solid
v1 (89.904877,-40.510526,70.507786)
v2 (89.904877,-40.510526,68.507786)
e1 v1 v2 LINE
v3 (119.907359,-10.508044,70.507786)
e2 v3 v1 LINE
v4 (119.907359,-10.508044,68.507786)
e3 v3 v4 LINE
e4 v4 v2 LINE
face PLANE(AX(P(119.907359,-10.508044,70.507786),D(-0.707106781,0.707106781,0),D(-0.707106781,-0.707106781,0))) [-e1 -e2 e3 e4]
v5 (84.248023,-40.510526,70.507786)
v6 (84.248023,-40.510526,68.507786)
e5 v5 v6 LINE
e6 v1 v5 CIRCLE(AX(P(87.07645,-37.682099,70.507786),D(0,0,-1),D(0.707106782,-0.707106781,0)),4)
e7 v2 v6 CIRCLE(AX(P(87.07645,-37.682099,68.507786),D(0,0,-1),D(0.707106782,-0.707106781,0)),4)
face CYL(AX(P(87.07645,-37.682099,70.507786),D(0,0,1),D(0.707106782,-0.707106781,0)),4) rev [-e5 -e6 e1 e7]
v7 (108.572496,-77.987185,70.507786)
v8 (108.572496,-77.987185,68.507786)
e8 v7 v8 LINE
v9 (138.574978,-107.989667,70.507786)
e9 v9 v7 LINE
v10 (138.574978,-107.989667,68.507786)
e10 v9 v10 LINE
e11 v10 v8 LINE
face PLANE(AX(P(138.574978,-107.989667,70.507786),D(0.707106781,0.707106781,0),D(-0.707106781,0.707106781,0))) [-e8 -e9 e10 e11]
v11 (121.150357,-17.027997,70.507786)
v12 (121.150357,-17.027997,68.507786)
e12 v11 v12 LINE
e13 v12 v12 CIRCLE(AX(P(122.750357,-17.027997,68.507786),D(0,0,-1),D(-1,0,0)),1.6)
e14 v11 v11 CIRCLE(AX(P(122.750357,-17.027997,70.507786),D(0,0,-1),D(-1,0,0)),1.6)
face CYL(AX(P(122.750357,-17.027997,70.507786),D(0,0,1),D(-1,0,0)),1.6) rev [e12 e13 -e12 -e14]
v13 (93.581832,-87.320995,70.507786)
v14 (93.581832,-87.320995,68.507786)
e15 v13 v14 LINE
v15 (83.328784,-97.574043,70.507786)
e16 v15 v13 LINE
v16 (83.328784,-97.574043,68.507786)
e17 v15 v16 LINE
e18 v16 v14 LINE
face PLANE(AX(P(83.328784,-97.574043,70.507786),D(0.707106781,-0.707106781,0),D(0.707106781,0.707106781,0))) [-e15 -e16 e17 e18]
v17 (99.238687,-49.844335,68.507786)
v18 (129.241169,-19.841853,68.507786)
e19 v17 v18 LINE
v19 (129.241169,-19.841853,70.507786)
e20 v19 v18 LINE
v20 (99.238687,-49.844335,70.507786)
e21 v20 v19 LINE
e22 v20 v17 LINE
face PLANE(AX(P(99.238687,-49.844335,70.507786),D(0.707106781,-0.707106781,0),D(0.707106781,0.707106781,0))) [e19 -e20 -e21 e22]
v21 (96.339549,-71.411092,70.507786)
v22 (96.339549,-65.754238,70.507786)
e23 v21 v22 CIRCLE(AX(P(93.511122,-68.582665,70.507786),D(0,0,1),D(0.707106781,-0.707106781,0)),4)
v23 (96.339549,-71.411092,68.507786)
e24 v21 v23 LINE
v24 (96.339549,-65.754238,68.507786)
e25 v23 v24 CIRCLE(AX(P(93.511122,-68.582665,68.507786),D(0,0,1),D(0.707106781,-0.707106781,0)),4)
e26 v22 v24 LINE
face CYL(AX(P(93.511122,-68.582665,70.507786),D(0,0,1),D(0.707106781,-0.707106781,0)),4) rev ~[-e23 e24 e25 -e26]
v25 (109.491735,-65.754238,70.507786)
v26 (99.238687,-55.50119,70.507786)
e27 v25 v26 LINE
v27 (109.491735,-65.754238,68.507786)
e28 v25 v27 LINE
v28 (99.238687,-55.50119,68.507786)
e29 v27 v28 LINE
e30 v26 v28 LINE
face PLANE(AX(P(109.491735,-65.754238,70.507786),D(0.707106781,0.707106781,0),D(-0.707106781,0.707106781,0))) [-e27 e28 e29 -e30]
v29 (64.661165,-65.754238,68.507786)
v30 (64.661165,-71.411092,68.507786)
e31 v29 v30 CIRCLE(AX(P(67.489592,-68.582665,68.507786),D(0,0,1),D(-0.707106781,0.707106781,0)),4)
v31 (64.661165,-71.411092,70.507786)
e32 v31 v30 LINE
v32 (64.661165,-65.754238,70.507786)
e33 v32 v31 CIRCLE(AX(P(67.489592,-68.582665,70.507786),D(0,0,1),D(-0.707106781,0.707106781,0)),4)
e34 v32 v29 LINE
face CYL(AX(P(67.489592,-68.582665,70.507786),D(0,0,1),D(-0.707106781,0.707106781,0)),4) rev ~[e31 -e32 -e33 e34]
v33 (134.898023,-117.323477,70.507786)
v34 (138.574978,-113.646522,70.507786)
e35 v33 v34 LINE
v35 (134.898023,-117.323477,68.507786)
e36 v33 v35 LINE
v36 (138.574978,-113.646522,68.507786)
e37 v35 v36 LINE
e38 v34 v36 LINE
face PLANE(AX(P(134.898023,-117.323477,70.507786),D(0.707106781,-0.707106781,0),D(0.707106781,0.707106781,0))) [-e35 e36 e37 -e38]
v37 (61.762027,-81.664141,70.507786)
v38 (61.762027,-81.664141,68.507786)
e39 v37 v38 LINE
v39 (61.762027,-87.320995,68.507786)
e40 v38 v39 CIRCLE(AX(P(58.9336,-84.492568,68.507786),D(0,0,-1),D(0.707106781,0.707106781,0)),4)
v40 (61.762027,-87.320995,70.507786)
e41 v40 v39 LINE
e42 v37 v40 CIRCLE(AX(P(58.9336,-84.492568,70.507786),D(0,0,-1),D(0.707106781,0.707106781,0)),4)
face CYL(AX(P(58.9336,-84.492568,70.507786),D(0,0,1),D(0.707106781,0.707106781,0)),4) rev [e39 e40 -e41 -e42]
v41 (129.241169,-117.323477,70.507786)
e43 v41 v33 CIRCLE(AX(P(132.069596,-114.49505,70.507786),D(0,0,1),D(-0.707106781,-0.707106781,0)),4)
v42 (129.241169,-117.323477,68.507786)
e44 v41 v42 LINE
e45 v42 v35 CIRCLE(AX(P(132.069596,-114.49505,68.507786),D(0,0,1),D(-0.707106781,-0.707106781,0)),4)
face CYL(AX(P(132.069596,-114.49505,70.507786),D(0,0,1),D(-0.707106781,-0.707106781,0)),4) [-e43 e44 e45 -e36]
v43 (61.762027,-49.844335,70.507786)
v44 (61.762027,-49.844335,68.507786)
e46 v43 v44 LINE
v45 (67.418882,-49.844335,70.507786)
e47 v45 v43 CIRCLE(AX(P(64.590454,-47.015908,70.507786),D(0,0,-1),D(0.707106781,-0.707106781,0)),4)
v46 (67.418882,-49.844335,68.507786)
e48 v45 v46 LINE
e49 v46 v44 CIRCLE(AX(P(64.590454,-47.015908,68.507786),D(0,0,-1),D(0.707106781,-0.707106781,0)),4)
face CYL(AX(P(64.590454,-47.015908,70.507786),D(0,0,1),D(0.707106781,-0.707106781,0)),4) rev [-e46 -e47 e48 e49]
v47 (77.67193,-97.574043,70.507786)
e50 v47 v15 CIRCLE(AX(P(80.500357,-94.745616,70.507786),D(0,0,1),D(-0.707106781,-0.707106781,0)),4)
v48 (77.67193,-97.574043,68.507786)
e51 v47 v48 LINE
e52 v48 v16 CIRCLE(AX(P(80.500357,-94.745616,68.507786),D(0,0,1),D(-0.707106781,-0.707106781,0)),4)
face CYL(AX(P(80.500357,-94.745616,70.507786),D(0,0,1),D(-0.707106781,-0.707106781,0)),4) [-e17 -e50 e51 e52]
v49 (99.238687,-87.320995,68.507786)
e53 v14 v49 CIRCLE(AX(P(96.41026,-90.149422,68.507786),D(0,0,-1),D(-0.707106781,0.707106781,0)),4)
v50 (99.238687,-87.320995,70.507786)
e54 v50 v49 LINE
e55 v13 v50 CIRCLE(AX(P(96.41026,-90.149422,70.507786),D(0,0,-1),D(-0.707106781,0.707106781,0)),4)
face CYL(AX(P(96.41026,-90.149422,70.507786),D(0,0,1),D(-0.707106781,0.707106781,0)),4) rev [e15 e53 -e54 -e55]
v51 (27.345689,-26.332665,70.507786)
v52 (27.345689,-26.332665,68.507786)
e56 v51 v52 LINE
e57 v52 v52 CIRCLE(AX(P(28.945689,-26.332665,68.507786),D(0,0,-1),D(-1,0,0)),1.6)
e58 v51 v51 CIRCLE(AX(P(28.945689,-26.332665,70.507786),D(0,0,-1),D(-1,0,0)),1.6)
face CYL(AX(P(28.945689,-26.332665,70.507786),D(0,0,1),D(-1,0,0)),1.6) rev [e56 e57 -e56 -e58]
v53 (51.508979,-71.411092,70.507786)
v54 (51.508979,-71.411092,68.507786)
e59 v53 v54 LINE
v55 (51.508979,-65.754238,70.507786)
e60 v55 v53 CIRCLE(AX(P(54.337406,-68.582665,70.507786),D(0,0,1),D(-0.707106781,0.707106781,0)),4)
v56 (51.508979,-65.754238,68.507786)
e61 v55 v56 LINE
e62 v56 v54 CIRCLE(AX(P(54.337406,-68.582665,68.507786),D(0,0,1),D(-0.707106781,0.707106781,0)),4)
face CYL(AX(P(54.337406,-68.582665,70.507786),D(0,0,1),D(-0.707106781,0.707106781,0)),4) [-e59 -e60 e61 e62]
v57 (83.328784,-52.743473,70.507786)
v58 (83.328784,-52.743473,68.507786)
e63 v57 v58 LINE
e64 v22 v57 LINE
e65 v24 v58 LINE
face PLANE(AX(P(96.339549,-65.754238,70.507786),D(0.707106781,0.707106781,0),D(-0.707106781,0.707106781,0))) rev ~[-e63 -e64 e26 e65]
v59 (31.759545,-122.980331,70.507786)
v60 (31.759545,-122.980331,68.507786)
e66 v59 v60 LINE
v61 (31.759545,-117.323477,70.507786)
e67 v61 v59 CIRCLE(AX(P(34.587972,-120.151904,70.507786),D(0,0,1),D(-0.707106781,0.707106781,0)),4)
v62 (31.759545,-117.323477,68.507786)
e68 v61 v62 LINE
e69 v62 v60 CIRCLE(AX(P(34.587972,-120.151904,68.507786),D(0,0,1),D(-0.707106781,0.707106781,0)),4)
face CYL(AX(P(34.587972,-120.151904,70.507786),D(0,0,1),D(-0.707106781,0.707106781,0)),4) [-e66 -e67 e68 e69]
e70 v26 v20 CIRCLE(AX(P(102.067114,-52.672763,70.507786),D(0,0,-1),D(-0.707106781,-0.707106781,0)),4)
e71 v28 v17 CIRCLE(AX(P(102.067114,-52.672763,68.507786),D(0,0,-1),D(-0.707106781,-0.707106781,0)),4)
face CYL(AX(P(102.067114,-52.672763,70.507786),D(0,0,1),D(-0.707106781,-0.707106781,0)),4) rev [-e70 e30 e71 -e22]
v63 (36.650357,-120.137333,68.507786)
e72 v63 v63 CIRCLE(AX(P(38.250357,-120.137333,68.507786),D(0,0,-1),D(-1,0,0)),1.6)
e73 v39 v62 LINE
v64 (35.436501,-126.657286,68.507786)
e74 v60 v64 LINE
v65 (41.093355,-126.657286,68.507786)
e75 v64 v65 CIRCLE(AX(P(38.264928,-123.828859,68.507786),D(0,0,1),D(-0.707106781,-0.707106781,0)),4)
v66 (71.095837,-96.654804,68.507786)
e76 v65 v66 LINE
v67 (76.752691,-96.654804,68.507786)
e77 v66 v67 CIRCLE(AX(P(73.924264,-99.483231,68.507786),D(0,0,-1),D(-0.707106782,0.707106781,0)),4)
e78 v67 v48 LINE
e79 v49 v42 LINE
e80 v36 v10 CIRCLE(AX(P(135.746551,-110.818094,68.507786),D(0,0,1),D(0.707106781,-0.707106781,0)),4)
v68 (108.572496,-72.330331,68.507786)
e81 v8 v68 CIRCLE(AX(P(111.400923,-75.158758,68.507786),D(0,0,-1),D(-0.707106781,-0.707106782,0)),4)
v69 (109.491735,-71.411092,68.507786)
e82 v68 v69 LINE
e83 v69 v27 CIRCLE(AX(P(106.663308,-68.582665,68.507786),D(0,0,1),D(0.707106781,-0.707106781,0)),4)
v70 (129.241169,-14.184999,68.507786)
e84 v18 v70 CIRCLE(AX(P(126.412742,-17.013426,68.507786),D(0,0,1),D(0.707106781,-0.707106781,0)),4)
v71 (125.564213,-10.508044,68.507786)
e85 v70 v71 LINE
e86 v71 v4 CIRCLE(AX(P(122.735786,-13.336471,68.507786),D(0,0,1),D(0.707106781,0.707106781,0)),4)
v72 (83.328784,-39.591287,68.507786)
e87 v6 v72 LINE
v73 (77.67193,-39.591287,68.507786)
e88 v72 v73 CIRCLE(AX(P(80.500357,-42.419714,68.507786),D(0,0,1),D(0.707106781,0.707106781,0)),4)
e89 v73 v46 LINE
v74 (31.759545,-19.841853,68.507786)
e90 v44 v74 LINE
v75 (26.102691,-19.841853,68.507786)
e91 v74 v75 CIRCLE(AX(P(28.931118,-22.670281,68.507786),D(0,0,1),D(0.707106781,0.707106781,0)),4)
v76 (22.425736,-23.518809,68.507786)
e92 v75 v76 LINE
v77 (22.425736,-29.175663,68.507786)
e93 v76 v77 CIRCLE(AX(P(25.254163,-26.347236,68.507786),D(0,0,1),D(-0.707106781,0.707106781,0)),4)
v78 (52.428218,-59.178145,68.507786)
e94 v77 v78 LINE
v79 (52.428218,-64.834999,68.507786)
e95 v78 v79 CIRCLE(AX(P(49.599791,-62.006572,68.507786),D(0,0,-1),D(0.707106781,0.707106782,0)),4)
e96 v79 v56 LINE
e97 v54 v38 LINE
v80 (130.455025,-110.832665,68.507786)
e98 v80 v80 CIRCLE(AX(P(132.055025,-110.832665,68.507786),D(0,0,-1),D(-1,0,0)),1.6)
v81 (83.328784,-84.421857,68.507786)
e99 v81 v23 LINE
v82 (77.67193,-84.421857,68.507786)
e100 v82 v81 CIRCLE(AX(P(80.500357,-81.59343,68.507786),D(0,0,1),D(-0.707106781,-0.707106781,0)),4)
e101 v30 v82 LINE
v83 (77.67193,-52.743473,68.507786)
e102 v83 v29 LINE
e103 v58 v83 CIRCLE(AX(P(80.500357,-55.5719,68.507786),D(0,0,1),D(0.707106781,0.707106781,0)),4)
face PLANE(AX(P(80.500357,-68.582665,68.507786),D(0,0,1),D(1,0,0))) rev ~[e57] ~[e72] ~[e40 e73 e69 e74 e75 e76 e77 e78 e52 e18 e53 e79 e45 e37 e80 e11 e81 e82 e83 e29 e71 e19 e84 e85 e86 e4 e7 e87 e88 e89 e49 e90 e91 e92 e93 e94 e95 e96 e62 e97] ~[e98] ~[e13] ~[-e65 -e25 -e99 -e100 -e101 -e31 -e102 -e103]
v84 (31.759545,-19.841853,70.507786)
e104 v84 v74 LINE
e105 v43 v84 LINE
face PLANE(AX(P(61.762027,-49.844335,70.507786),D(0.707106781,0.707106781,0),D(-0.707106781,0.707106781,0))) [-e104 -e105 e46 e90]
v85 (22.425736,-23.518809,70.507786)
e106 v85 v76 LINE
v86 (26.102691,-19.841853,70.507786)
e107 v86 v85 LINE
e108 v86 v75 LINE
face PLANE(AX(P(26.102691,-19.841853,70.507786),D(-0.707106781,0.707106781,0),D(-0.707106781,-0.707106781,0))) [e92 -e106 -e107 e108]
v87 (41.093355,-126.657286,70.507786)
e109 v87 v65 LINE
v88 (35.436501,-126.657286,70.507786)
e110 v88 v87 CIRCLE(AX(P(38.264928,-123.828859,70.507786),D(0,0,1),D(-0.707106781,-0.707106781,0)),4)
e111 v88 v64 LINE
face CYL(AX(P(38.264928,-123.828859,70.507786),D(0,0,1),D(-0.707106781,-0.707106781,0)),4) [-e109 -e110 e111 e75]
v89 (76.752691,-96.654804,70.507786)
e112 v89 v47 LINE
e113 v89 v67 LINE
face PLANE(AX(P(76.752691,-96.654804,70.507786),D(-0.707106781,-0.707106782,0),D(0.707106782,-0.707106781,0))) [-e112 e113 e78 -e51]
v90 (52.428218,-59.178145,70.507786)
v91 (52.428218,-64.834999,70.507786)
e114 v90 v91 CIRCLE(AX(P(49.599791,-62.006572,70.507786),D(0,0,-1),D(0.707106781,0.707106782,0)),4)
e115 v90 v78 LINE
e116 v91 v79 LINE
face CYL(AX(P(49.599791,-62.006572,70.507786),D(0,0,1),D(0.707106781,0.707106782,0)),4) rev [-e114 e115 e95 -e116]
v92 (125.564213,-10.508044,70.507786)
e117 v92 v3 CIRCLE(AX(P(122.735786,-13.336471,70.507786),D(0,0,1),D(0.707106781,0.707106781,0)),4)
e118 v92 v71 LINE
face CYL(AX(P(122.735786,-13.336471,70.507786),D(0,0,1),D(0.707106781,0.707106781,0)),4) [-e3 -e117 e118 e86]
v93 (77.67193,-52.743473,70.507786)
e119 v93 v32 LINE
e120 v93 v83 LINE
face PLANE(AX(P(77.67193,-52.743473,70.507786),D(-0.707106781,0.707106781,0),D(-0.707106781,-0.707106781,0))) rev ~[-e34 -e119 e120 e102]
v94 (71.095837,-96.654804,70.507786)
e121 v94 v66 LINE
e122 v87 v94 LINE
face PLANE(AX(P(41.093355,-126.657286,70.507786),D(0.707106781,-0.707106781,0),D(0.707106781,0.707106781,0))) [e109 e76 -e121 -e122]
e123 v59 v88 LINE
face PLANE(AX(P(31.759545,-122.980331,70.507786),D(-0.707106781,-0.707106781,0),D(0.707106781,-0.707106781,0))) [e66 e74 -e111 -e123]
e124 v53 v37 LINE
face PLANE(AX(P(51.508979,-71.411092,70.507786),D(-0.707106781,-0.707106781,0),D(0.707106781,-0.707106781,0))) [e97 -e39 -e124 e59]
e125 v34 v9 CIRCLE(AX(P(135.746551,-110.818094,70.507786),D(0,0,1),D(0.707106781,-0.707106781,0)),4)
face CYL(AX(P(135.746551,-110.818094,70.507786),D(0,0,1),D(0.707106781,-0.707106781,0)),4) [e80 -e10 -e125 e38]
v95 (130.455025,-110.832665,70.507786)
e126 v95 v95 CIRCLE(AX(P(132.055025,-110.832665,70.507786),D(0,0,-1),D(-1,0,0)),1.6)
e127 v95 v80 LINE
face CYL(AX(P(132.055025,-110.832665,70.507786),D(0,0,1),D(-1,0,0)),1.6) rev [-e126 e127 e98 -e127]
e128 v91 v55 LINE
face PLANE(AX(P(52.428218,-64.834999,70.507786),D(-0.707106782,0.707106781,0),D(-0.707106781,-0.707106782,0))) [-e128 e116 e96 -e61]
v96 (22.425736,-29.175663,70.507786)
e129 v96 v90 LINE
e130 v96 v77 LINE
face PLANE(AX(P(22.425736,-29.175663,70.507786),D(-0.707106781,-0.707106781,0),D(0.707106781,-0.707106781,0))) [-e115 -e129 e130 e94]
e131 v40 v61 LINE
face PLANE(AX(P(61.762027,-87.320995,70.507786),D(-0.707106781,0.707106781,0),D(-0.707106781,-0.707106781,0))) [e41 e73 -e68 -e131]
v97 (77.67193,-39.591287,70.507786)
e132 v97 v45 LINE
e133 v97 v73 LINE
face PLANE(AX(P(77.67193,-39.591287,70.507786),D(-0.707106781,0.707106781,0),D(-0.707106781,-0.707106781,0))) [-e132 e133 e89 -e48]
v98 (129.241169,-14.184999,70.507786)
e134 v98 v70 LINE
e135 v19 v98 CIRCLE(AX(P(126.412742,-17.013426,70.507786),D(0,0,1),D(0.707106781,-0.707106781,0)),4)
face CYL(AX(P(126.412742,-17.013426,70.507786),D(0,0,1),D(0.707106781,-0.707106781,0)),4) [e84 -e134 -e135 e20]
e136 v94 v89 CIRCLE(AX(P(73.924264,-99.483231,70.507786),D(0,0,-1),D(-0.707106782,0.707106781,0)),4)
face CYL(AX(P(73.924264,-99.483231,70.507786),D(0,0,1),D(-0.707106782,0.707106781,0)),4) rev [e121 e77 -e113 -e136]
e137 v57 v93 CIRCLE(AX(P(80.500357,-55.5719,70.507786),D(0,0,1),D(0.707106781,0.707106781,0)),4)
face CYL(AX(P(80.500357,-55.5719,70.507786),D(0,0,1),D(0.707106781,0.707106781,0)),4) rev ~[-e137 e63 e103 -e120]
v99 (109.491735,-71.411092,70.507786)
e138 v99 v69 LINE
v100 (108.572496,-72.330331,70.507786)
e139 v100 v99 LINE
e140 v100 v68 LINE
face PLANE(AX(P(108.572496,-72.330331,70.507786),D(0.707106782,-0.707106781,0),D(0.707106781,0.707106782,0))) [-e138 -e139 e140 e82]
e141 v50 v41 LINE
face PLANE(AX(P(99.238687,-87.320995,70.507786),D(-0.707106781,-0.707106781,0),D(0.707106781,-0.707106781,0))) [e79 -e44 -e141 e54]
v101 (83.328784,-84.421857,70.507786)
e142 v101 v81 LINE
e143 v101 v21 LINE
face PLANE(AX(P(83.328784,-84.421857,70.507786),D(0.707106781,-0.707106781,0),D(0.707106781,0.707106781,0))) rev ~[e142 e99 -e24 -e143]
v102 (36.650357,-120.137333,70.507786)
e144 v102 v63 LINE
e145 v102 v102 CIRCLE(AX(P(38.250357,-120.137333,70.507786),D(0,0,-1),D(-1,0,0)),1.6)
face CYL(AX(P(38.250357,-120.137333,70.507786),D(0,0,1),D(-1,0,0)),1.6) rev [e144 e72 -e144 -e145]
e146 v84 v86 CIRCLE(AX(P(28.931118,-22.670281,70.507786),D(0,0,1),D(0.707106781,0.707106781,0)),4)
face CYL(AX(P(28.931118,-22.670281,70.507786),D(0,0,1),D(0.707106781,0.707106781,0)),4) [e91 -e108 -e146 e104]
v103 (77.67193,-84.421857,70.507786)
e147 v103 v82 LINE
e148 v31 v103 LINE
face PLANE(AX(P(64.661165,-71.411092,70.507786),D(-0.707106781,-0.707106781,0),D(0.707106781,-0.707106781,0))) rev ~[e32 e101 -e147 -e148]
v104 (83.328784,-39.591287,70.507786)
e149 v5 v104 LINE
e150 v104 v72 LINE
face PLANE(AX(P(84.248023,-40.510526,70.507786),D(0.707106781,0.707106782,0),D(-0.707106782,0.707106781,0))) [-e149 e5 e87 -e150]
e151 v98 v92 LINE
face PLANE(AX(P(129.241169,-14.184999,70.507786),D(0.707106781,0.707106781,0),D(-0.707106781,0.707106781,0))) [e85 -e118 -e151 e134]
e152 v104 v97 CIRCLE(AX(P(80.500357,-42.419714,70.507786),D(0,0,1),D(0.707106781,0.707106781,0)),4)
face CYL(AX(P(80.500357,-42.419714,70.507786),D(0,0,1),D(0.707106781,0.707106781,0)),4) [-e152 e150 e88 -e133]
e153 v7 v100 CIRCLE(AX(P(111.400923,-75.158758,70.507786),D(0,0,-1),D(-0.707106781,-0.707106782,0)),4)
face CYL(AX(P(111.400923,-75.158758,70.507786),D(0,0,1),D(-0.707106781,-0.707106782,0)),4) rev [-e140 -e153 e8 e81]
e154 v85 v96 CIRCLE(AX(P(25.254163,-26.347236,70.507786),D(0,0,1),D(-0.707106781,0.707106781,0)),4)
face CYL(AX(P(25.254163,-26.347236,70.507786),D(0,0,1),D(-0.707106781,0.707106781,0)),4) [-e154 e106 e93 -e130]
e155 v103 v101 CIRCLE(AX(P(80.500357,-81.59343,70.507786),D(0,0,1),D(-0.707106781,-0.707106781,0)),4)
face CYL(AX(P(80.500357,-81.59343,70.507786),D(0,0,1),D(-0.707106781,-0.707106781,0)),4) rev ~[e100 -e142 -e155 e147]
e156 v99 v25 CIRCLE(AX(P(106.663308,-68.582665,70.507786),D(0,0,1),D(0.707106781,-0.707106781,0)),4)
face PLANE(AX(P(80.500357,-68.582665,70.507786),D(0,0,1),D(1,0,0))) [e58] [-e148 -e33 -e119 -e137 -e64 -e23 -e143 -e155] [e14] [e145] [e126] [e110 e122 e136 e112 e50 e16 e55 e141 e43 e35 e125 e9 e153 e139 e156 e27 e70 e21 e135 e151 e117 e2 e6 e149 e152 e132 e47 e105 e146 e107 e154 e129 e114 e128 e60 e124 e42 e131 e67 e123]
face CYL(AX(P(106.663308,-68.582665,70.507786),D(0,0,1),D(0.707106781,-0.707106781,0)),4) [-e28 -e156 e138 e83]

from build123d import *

# Parameters (mm, degrees)
SKETCH2_R           = 1.6
BOSS_EXTRUDE1_DEPTH = 2


with BuildPart() as part:
    # Sketch2 → Boss-Extrude1 (new body)
    with BuildSketch(Plane(origin=(0, 0, 70.507785861), x_dir=(-1, 0, 0), z_dir=(0, 0, -1))):
        with BuildLine():
            Line((-109.491735006, -65.754238005), (-99.238686679, -55.501189677))
            ThreePointArc((-99.238686679, -55.501189677), (-98.067113804, -52.672762553), (-99.238686679, -49.844335428))
            Line((-99.238686679, -49.844335428), (-129.24116868, -19.841853427))
            ThreePointArc((-129.24116868, -19.841853427), (-130.412741556, -17.013426302), (-129.24116868, -14.184999177))
            Line((-129.24116868, -14.184999177), (-125.564213418, -10.508043915))
            ThreePointArc((-125.564213418, -10.508043915), (-122.735786293, -9.33647104), (-119.907359169, -10.508043915))
            Line((-119.907359169, -10.508043915), (-89.904877167, -40.510525916))
            ThreePointArc((-89.904877167, -40.510525916), (-87.076450042, -41.682098792), (-84.248022918, -40.510525916))
            Line((-84.248022918, -40.510525916), (-83.328784102, -39.591287101))
            ThreePointArc((-83.328784102, -39.591287101), (-80.500356977, -38.419714226), (-77.671929853, -39.591287101))
            Line((-77.671929853, -39.591287101), (-67.418881525, -49.844335428))
            ThreePointArc((-67.418881525, -49.844335428), (-64.590454401, -51.015908303), (-61.762027276, -49.844335428))
            Line((-61.762027276, -49.844335428), (-31.759545275, -19.841853427))
            ThreePointArc((-31.759545275, -19.841853427), (-28.93111815, -18.670280551), (-26.102691025, -19.841853427))
            Line((-26.102691025, -19.841853427), (-22.425735763, -23.518808689))
            ThreePointArc((-22.425735763, -23.518808689), (-21.254162888, -26.347235813), (-22.425735763, -29.175662938))
            Line((-22.425735763, -29.175662938), (-52.428217764, -59.17814494))
            ThreePointArc((-52.428217764, -59.17814494), (-53.59979064, -62.006572064), (-52.428217764, -64.834999189))
            Line((-52.428217764, -64.834999189), (-51.508978949, -65.754238005))
            ThreePointArc((-51.508978949, -65.754238005), (-50.337406074, -68.582665129), (-51.508978949, -71.411092254))
            Line((-51.508978949, -71.411092254), (-61.762027276, -81.664140581))
            ThreePointArc((-61.762027276, -81.664140581), (-62.933600151, -84.492567706), (-61.762027276, -87.320994831))
            Line((-61.762027276, -87.320994831), (-31.759545275, -117.323476832))
            ThreePointArc((-31.759545275, -117.323476832), (-30.587972399, -120.151903957), (-31.759545275, -122.980331082))
            Line((-31.759545275, -122.980331082), (-35.436500537, -126.657286344))
            ThreePointArc((-35.436500537, -126.657286344), (-38.264927661, -127.828859219), (-41.093354786, -126.657286344))
            Line((-41.093354786, -126.657286344), (-71.095836788, -96.654804343))
            ThreePointArc((-71.095836788, -96.654804343), (-73.924263912, -95.483231467), (-76.752691037, -96.654804343))
            Line((-76.752691037, -96.654804343), (-77.671929853, -97.574043158))
            ThreePointArc((-77.671929853, -97.574043158), (-80.500356977, -98.745616033), (-83.328784102, -97.574043158))
            Line((-83.328784102, -97.574043158), (-93.581832429, -87.320994831))
            ThreePointArc((-93.581832429, -87.320994831), (-96.410259554, -86.149421956), (-99.238686679, -87.320994831))
            Line((-99.238686679, -87.320994831), (-129.24116868, -117.323476832))
            ThreePointArc((-129.24116868, -117.323476832), (-132.069595805, -118.495049708), (-134.89802293, -117.323476832))
            Line((-134.89802293, -117.323476832), (-138.574978192, -113.64652157))
            ThreePointArc((-138.574978192, -113.64652157), (-139.746551067, -110.818094445), (-138.574978192, -107.989667321))
            Line((-138.574978192, -107.989667321), (-108.572496191, -77.987185319))
            ThreePointArc((-108.572496191, -77.987185319), (-107.400923315, -75.158758194), (-108.572496191, -72.33033107))
            Line((-108.572496191, -72.33033107), (-109.491735006, -71.411092254))
            ThreePointArc((-109.491735006, -71.411092254), (-110.663307881, -68.582665129), (-109.491735006, -65.754238005))
        make_face()
        with Locations((-132.055025121, -110.832665129)):
            Circle(SKETCH2_R, mode=Mode.SUBTRACT)
        with Locations((-28.945688834, -26.332665129)):
            Circle(SKETCH2_R, mode=Mode.SUBTRACT)
        with Locations((-122.750356977, -17.027996986)):
            Circle(SKETCH2_R, mode=Mode.SUBTRACT)
        with Locations((-38.250356977, -120.137333273)):
            Circle(SKETCH2_R, mode=Mode.SUBTRACT)
        with BuildLine():
            Line((-96.339548876, -65.754238005), (-83.328784102, -52.743473231))
            ThreePointArc((-83.328784102, -52.743473231), (-80.500356977, -51.571900356), (-77.671929853, -52.743473231))
            Line((-77.671929853, -52.743473231), (-64.661165079, -65.754238005))
            ThreePointArc((-64.661165079, -65.754238005), (-63.489592204, -68.582665129), (-64.661165079, -71.411092254))
            Line((-64.661165079, -71.411092254), (-77.671929853, -84.421857028))
            ThreePointArc((-77.671929853, -84.421857028), (-80.500356977, -85.593429903), (-83.328784102, -84.421857028))
            Line((-83.328784102, -84.421857028), (-96.339548876, -71.411092254))
            ThreePointArc((-96.339548876, -71.411092254), (-97.511121751, -68.582665129), (-96.339548876, -65.754238005))
        make_face(mode=Mode.SUBTRACT)
    extrude(amount=BOSS_EXTRUDE1_DEPTH)


solid = part.part
